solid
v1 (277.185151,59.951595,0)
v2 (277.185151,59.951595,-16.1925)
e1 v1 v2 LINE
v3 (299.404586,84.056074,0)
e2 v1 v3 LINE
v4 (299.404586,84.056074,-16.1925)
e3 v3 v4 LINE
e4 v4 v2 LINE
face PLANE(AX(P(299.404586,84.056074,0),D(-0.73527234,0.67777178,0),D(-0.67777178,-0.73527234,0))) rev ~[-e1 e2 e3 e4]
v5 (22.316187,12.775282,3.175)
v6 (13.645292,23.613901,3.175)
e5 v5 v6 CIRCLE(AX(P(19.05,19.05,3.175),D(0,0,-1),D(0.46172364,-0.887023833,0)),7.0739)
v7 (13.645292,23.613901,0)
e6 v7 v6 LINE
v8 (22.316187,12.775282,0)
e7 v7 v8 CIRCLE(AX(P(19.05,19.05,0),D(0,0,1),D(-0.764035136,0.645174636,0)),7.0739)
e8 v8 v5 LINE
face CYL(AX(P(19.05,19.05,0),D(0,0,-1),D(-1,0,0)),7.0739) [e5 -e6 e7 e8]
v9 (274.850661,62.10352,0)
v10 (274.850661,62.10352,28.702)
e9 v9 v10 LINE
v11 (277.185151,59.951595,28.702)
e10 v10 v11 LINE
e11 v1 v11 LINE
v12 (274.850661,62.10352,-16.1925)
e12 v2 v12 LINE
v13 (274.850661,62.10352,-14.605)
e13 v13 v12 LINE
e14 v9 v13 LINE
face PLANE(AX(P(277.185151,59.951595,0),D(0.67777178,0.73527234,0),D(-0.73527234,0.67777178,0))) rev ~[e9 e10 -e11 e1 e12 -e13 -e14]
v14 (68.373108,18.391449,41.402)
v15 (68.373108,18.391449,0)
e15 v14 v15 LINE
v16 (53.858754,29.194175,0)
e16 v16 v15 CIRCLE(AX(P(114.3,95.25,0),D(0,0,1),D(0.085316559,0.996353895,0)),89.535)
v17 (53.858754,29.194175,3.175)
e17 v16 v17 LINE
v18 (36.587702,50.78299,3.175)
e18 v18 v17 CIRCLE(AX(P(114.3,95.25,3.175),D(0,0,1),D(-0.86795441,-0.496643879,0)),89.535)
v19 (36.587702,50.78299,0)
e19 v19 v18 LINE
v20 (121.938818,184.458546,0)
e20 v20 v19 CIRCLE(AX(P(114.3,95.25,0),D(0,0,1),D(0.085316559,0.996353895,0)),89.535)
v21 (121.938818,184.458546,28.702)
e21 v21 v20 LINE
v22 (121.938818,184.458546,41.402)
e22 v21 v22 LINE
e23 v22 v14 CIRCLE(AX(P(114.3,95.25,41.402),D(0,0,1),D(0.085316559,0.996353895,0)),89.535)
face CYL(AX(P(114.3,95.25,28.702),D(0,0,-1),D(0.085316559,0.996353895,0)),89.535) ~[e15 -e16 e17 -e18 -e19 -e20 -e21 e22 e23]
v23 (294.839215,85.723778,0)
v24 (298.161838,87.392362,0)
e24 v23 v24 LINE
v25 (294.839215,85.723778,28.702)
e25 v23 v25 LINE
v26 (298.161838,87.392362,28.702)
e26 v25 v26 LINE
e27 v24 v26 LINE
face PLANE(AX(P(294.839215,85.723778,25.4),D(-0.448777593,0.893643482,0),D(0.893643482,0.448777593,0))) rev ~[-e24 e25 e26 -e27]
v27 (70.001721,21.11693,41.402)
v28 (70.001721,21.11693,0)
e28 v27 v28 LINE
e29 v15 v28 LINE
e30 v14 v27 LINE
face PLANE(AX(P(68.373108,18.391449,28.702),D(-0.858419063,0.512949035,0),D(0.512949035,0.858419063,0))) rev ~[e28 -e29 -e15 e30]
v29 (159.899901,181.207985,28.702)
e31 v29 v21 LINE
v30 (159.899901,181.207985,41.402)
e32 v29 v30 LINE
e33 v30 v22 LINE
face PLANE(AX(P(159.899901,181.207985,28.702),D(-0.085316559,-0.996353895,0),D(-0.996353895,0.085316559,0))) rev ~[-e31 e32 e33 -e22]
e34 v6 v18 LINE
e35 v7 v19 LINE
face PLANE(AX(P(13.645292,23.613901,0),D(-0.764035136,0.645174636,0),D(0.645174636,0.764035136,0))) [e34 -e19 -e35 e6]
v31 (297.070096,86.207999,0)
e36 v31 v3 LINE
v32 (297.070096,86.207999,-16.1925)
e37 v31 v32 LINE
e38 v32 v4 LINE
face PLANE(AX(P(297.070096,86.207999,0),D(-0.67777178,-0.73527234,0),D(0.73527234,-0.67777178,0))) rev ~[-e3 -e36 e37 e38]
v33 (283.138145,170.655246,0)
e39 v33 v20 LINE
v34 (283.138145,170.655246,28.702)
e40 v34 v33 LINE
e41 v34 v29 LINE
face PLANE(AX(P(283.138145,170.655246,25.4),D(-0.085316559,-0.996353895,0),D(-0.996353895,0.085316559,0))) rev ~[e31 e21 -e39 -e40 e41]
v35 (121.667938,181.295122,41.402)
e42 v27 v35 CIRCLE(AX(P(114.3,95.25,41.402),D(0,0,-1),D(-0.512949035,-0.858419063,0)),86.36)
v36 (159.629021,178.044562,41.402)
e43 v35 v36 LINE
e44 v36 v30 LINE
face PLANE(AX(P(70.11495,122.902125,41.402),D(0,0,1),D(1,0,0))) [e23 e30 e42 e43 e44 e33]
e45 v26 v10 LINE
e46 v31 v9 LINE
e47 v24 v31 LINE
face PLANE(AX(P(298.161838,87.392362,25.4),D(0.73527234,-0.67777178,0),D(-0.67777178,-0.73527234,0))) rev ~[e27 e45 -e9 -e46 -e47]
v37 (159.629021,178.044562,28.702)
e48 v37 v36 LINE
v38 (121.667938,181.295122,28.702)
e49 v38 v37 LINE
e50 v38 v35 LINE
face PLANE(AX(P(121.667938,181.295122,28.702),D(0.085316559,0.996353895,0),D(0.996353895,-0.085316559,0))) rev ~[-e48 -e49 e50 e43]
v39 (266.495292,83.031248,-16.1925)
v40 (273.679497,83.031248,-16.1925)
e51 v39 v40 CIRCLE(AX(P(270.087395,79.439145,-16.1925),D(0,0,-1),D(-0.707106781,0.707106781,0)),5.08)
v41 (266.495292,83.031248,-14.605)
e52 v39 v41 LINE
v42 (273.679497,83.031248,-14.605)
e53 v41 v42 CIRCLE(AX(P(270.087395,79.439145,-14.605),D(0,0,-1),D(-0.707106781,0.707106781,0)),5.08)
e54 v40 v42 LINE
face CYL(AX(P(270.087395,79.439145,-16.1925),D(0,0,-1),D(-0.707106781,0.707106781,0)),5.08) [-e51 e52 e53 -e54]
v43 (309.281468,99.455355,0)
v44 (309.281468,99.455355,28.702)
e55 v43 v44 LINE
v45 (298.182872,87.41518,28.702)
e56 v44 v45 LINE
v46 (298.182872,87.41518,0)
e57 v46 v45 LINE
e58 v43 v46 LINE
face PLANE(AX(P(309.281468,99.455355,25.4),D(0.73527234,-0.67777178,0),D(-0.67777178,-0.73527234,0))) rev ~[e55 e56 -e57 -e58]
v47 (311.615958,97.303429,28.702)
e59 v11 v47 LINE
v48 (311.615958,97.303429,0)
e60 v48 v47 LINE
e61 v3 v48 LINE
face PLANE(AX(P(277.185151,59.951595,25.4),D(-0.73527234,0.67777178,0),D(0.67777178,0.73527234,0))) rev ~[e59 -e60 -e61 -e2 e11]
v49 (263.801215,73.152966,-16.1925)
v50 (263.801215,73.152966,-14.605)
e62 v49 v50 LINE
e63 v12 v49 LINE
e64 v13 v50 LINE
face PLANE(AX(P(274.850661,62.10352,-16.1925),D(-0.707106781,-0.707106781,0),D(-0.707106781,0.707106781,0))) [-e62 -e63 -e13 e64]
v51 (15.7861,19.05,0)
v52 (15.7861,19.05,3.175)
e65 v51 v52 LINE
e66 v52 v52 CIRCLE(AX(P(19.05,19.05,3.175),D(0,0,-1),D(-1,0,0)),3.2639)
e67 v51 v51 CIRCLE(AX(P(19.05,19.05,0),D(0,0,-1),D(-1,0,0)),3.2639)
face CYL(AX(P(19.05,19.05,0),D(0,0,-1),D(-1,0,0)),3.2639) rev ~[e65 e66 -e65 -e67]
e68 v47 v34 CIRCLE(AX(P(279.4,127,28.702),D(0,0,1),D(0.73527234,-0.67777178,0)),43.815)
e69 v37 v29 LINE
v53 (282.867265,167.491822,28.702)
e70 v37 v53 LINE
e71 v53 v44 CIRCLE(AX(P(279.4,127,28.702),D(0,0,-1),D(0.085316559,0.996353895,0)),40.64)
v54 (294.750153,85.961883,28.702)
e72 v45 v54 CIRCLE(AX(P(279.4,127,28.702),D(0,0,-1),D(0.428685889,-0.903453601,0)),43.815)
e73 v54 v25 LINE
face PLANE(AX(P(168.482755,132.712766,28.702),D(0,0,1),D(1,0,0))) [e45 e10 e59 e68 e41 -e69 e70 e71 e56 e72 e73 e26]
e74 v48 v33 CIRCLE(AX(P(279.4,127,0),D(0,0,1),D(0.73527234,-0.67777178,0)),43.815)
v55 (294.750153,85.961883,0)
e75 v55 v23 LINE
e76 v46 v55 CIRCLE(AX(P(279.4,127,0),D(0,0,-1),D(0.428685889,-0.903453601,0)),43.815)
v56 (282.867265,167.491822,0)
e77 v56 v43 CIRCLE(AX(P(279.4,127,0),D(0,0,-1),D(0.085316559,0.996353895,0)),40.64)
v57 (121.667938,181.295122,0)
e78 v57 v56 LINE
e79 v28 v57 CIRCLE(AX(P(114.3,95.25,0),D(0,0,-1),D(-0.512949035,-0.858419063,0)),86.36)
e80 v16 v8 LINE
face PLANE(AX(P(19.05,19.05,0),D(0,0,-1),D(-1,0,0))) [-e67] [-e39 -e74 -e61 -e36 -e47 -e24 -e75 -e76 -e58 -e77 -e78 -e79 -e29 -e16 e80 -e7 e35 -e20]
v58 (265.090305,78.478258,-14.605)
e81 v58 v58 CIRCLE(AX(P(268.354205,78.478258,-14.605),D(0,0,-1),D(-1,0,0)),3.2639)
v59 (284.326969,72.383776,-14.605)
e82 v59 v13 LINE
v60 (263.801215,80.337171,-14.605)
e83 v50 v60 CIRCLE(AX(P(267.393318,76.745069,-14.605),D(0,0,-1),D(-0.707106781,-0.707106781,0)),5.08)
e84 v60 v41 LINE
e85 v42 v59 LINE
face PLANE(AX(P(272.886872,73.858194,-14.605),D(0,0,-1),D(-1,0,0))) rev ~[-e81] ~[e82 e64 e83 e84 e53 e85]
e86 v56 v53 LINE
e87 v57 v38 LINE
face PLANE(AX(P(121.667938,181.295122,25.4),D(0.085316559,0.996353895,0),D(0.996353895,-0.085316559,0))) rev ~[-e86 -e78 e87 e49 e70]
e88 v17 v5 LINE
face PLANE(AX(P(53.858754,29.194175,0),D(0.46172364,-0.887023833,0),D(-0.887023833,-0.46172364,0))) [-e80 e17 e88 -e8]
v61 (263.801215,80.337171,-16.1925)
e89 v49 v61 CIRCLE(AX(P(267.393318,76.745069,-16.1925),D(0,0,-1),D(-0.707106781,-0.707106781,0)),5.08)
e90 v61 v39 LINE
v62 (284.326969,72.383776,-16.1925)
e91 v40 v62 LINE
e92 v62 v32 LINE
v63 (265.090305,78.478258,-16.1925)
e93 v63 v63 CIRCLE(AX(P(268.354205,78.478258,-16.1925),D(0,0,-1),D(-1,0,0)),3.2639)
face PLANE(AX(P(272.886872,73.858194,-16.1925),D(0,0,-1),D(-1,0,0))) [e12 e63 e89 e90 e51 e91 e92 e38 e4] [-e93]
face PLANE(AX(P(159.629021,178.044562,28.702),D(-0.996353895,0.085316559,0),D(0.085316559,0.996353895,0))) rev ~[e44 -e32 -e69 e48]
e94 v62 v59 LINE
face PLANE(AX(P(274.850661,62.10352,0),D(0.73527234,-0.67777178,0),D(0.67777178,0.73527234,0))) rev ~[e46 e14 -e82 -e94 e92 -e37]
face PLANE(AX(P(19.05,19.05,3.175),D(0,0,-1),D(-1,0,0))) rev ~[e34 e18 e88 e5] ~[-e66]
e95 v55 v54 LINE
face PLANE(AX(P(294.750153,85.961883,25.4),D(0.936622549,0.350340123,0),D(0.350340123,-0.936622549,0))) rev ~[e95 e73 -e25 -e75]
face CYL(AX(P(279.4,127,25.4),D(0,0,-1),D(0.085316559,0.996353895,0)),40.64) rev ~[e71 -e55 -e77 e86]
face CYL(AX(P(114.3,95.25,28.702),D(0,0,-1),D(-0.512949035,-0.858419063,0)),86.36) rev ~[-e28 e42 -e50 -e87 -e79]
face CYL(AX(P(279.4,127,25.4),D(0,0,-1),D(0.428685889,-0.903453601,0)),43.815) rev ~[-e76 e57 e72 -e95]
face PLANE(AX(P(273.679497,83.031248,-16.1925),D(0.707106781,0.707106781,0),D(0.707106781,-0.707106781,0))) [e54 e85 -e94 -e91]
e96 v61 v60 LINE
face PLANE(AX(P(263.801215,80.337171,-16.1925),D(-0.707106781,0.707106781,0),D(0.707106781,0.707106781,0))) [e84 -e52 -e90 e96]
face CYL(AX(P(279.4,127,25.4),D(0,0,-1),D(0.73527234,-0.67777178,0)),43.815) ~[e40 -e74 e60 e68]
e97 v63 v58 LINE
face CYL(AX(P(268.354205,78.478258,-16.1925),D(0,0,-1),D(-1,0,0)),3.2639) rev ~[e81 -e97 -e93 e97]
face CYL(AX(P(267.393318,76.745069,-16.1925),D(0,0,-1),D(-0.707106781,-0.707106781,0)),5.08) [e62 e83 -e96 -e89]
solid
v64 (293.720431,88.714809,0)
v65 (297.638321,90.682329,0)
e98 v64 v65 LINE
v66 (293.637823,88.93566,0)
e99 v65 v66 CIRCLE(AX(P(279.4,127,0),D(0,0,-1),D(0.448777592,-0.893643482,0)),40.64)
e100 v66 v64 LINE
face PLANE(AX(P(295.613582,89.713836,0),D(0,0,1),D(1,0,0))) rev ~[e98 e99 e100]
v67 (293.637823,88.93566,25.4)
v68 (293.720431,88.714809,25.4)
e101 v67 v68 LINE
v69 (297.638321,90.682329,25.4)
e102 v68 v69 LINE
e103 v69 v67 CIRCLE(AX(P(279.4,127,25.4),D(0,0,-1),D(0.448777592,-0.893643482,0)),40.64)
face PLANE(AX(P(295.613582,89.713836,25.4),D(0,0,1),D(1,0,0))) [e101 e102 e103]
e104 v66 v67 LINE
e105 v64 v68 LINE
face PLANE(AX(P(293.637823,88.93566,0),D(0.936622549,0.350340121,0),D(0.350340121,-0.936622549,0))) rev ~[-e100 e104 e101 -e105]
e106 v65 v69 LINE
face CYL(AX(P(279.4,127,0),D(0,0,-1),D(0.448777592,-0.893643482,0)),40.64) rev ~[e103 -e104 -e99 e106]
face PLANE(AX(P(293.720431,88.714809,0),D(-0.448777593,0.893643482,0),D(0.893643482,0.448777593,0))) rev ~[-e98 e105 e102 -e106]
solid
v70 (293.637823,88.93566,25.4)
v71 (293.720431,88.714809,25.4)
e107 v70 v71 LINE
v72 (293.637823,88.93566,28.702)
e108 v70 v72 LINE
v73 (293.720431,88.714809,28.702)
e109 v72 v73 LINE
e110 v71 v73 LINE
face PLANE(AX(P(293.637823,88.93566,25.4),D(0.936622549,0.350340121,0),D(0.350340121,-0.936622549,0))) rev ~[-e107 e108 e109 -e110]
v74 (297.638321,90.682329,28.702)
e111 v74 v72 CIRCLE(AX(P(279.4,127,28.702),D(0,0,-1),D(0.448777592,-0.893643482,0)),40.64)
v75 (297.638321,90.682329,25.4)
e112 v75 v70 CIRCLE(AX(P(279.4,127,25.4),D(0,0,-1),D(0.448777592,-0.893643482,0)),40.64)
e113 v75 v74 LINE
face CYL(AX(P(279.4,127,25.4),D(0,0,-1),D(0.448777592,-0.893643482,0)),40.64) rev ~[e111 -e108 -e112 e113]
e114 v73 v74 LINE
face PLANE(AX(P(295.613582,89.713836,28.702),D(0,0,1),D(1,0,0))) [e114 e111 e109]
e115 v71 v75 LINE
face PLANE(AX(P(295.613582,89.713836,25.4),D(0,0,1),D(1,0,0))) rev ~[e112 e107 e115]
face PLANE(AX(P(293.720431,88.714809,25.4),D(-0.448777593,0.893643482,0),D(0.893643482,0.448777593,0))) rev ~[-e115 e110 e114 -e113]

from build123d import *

# Parameters (mm, degrees)
BOSS_EXTRUDE1_DEPTH   = 25.4
BOSS_EXTRUDE1_2_DEPTH = 25.4
SKETCH2_R             = 7.0739
SKETCH2_R_2           = 3.2639
BOSS_EXTRUDE2_DEPTH   = 3.175
BOSS_EXTRUDE3_DEPTH   = 3.302
BOSS_EXTRUDE4_DEPTH   = 12.7
BOSS_EXTRUDE5_DEPTH   = 16.1925
SKETCH6_R             = 3.2639
BOSS_EXTRUDE6_DEPTH   = 1.5875


with BuildPart() as part:
    # Sketch1 → Boss-Extrude1 (new body)
    with BuildSketch(Plane.XY):
        with BuildLine():
            ThreePointArc((70.001721328, 21.116929737), (32.109818913, 121.760822938), (121.667937999, 181.295122405))
            Line((121.667937999, 181.295122405), (282.867264941, 167.491822308))
            ThreePointArc((282.867264941, 167.491822308), (317.285019746, 141.708326855), (309.281467912, 99.455354869))
            Line((309.281467912, 99.455354869), (298.182872237, 87.415180491))
            ThreePointArc((298.182872237, 87.415180491), (296.481974793, 86.652009193), (294.750152503, 85.961883046))
            Line((294.750152503, 85.961883046), (294.839214659, 85.723778364))
            Line((294.839214659, 85.723778364), (298.161838441, 87.392362238))
            Line((298.161838441, 87.392362238), (274.850661498, 62.103519979))
            Line((274.850661498, 62.103519979), (277.185151179, 59.951594578))
            Line((277.185151179, 59.951594578), (311.615957593, 97.303429468))
            ThreePointArc((311.615957593, 97.303429468), (320.244786914, 142.85741489), (283.138145015, 170.655245926))
            Line((283.138145015, 170.655245926), (121.938818073, 184.458546023))
            ThreePointArc((121.938818073, 184.458546023), (29.088121079, 122.735485546), (68.373108141, 18.391449213))
            Line((68.373108141, 18.391449213), (70.001721328, 21.116929737))
        make_face()
    extrude(amount=BOSS_EXTRUDE1_DEPTH)

    # Sketch2 → Boss-Extrude2 (add)
    # profile 1 of 2: a face of its own
    with BuildSketch(Plane(origin=(0, 0, 0), x_dir=(-1, 0, 0), z_dir=(0, 0, -1))):
        with BuildLine():
            ThreePointArc((-36.587701927, 50.782990283), (-44.384911147, 39.317928918), (-53.858754358, 29.194174745))
            Line((-53.858754358, 29.194174745), (-22.316186857, 12.775282108))
            ThreePointArc((-22.316186857, 12.775282108), (-23.932636358, 13.931413925), (-25.163710326, 15.491544259))
            ThreePointArc((-25.163710326, 15.491544259), (-23.930769686, 24.17036605), (-15.202863294, 24.986295173))
            ThreePointArc((-15.202863294, 24.986295173), (-14.373460165, 24.357545231), (-13.645291854, 23.613900861))
            Line((-13.645291854, 23.613900861), (-36.587701927, 50.782990283))
        make_face()
    # profile 2 of 2: a face of its own
    with BuildSketch(Plane(origin=(0, 0, 0), x_dir=(-1, 0, 0), z_dir=(0, 0, -1))):
        with Locations((-19.05, 19.05)):
            Circle(SKETCH2_R)
        with Locations((-19.05, 19.05)):
            Circle(SKETCH2_R_2, mode=Mode.SUBTRACT)
    extrude(amount=-BOSS_EXTRUDE2_DEPTH)

    # Sketch3 → Boss-Extrude3 (add)
    with BuildSketch(Plane.XY.offset(25.4)):
        with BuildLine():
            Line((68.373108141, 18.391449213), (70.001721328, 21.116929737))
            ThreePointArc((70.001721328, 21.116929737), (32.109818913, 121.760822938), (121.667937999, 181.295122405))
            Line((121.667937999, 181.295122405), (282.867264941, 167.491822308))
            ThreePointArc((282.867264941, 167.491822308), (317.285019746, 141.708326855), (309.281467912, 99.455354869))
            Line((309.281467912, 99.455354869), (298.182872237, 87.415180491))
            ThreePointArc((298.182872237, 87.415180491), (296.481974793, 86.652009193), (294.750152503, 85.961883046))
            Line((294.750152503, 85.961883046), (294.839214659, 85.723778364))
            Line((294.839214659, 85.723778364), (298.161838441, 87.392362238))
            Line((298.161838441, 87.392362238), (274.850661498, 62.103519979))
            Line((274.850661498, 62.103519979), (277.185151179, 59.951594578))
            Line((277.185151179, 59.951594578), (311.615957593, 97.303429468))
            ThreePointArc((311.615957593, 97.303429468), (320.244786914, 142.85741489), (283.138145015, 170.655245926))
            Line((283.138145015, 170.655245926), (121.938818073, 184.458546023))
            ThreePointArc((121.938818073, 184.458546023), (29.088121079, 122.735485546), (68.373108141, 18.391449213))
        make_face()
        with BuildLine():
            Line((293.637822612, 88.935659637), (293.720430988, 88.714808918))
            Line((293.720430988, 88.714808918), (297.638321365, 90.682328905))
            ThreePointArc((297.638321365, 90.682328905), (295.661540372, 89.755243259), (293.637822612, 88.935659637))
        make_face()
    extrude(amount=BOSS_EXTRUDE3_DEPTH)


with BuildPart() as body_2:
    # Sketch1 → Boss-Extrude1 2 (new body)
    with BuildSketch(Plane.XY):
        with BuildLine():
            ThreePointArc((297.638321365, 90.682328905), (295.661540372, 89.755243259), (293.637822612, 88.935659637))
            Line((293.637822612, 88.935659637), (293.720430988, 88.714808918))
            Line((293.720430988, 88.714808918), (297.638321365, 90.682328905))
        make_face()
    extrude(amount=BOSS_EXTRUDE1_2_DEPTH)


with BuildPart() as boss_extrude3_piece_1:
    # of the separate pieces the step leaves, piece 1, a body of its own (boss_extrude3_pieces)
    add(part.part.solids().sort_by_distance((70.001721328, 21.116929737, 28.702))[0])

    # Sketch4 → Boss-Extrude4 (add)
    with BuildSketch(Plane.XY.offset(28.702)):
        with BuildLine():
            Line((121.667937999, 181.295122405), (159.629021413, 178.044561523))
            Line((159.629021413, 178.044561523), (159.899901487, 181.207985141))
            Line((159.899901487, 181.207985141), (121.938818073, 184.458546023))
            ThreePointArc((121.938818073, 184.458546023), (29.088121079, 122.735485546), (68.373108141, 18.391449213))
            Line((68.373108141, 18.391449213), (70.001721328, 21.116929737))
            ThreePointArc((70.001721328, 21.116929737), (32.109818913, 121.760822938), (121.667937999, 181.295122405))
        make_face()
    extrude(amount=BOSS_EXTRUDE4_DEPTH)

    # Sketch5 → Boss-Extrude5 (add)
    with BuildSketch(Plane(origin=(0, 0, 0), x_dir=(-1, 0, 0), z_dir=(0, 0, -1))):
        Polygon((-277.185151179, 59.951594578), (-274.850661498, 62.103519979), (-297.070096233, 86.207999194), (-299.404585914, 84.056073793), align=None)
    extrude(amount=BOSS_EXTRUDE5_DEPTH)

    # Sketch6 → Boss-Extrude6 (add)
    with BuildSketch(Plane(origin=(0, 0, -16.1925), x_dir=(-1, 0, 0), z_dir=(0, 0, -1))):
        with BuildLine():
            Line((-274.850661498, 62.103519979), (-263.801215322, 73.152966154))
            ThreePointArc((-263.801215322, 73.152966154), (-262.313317771, 76.745068603), (-263.801215322, 80.337171051))
            Line((-263.801215322, 80.337171051), (-266.495292159, 83.031247888))
            ThreePointArc((-266.495292159, 83.031247888), (-270.087394607, 84.519145439), (-273.679497055, 83.031247888))
            Line((-273.679497055, 83.031247888), (-284.326969415, 72.383775528))
            Line((-284.326969415, 72.383775528), (-274.850661498, 62.103519979))
        make_face()
        with Locations((-268.354205176, 78.478258034)):
            Circle(SKETCH6_R, mode=Mode.SUBTRACT)
    extrude(amount=-BOSS_EXTRUDE6_DEPTH)


with BuildPart() as boss_extrude3_piece_2:
    # of the separate pieces the step leaves, piece 2, a body of its own (boss_extrude3_pieces)
    add(part.part.solids().sort_by_distance((293.637822612, 88.935659637, 25.4))[0])


solid = Compound([body_2.part, boss_extrude3_piece_1.part, boss_extrude3_piece_2.part])
